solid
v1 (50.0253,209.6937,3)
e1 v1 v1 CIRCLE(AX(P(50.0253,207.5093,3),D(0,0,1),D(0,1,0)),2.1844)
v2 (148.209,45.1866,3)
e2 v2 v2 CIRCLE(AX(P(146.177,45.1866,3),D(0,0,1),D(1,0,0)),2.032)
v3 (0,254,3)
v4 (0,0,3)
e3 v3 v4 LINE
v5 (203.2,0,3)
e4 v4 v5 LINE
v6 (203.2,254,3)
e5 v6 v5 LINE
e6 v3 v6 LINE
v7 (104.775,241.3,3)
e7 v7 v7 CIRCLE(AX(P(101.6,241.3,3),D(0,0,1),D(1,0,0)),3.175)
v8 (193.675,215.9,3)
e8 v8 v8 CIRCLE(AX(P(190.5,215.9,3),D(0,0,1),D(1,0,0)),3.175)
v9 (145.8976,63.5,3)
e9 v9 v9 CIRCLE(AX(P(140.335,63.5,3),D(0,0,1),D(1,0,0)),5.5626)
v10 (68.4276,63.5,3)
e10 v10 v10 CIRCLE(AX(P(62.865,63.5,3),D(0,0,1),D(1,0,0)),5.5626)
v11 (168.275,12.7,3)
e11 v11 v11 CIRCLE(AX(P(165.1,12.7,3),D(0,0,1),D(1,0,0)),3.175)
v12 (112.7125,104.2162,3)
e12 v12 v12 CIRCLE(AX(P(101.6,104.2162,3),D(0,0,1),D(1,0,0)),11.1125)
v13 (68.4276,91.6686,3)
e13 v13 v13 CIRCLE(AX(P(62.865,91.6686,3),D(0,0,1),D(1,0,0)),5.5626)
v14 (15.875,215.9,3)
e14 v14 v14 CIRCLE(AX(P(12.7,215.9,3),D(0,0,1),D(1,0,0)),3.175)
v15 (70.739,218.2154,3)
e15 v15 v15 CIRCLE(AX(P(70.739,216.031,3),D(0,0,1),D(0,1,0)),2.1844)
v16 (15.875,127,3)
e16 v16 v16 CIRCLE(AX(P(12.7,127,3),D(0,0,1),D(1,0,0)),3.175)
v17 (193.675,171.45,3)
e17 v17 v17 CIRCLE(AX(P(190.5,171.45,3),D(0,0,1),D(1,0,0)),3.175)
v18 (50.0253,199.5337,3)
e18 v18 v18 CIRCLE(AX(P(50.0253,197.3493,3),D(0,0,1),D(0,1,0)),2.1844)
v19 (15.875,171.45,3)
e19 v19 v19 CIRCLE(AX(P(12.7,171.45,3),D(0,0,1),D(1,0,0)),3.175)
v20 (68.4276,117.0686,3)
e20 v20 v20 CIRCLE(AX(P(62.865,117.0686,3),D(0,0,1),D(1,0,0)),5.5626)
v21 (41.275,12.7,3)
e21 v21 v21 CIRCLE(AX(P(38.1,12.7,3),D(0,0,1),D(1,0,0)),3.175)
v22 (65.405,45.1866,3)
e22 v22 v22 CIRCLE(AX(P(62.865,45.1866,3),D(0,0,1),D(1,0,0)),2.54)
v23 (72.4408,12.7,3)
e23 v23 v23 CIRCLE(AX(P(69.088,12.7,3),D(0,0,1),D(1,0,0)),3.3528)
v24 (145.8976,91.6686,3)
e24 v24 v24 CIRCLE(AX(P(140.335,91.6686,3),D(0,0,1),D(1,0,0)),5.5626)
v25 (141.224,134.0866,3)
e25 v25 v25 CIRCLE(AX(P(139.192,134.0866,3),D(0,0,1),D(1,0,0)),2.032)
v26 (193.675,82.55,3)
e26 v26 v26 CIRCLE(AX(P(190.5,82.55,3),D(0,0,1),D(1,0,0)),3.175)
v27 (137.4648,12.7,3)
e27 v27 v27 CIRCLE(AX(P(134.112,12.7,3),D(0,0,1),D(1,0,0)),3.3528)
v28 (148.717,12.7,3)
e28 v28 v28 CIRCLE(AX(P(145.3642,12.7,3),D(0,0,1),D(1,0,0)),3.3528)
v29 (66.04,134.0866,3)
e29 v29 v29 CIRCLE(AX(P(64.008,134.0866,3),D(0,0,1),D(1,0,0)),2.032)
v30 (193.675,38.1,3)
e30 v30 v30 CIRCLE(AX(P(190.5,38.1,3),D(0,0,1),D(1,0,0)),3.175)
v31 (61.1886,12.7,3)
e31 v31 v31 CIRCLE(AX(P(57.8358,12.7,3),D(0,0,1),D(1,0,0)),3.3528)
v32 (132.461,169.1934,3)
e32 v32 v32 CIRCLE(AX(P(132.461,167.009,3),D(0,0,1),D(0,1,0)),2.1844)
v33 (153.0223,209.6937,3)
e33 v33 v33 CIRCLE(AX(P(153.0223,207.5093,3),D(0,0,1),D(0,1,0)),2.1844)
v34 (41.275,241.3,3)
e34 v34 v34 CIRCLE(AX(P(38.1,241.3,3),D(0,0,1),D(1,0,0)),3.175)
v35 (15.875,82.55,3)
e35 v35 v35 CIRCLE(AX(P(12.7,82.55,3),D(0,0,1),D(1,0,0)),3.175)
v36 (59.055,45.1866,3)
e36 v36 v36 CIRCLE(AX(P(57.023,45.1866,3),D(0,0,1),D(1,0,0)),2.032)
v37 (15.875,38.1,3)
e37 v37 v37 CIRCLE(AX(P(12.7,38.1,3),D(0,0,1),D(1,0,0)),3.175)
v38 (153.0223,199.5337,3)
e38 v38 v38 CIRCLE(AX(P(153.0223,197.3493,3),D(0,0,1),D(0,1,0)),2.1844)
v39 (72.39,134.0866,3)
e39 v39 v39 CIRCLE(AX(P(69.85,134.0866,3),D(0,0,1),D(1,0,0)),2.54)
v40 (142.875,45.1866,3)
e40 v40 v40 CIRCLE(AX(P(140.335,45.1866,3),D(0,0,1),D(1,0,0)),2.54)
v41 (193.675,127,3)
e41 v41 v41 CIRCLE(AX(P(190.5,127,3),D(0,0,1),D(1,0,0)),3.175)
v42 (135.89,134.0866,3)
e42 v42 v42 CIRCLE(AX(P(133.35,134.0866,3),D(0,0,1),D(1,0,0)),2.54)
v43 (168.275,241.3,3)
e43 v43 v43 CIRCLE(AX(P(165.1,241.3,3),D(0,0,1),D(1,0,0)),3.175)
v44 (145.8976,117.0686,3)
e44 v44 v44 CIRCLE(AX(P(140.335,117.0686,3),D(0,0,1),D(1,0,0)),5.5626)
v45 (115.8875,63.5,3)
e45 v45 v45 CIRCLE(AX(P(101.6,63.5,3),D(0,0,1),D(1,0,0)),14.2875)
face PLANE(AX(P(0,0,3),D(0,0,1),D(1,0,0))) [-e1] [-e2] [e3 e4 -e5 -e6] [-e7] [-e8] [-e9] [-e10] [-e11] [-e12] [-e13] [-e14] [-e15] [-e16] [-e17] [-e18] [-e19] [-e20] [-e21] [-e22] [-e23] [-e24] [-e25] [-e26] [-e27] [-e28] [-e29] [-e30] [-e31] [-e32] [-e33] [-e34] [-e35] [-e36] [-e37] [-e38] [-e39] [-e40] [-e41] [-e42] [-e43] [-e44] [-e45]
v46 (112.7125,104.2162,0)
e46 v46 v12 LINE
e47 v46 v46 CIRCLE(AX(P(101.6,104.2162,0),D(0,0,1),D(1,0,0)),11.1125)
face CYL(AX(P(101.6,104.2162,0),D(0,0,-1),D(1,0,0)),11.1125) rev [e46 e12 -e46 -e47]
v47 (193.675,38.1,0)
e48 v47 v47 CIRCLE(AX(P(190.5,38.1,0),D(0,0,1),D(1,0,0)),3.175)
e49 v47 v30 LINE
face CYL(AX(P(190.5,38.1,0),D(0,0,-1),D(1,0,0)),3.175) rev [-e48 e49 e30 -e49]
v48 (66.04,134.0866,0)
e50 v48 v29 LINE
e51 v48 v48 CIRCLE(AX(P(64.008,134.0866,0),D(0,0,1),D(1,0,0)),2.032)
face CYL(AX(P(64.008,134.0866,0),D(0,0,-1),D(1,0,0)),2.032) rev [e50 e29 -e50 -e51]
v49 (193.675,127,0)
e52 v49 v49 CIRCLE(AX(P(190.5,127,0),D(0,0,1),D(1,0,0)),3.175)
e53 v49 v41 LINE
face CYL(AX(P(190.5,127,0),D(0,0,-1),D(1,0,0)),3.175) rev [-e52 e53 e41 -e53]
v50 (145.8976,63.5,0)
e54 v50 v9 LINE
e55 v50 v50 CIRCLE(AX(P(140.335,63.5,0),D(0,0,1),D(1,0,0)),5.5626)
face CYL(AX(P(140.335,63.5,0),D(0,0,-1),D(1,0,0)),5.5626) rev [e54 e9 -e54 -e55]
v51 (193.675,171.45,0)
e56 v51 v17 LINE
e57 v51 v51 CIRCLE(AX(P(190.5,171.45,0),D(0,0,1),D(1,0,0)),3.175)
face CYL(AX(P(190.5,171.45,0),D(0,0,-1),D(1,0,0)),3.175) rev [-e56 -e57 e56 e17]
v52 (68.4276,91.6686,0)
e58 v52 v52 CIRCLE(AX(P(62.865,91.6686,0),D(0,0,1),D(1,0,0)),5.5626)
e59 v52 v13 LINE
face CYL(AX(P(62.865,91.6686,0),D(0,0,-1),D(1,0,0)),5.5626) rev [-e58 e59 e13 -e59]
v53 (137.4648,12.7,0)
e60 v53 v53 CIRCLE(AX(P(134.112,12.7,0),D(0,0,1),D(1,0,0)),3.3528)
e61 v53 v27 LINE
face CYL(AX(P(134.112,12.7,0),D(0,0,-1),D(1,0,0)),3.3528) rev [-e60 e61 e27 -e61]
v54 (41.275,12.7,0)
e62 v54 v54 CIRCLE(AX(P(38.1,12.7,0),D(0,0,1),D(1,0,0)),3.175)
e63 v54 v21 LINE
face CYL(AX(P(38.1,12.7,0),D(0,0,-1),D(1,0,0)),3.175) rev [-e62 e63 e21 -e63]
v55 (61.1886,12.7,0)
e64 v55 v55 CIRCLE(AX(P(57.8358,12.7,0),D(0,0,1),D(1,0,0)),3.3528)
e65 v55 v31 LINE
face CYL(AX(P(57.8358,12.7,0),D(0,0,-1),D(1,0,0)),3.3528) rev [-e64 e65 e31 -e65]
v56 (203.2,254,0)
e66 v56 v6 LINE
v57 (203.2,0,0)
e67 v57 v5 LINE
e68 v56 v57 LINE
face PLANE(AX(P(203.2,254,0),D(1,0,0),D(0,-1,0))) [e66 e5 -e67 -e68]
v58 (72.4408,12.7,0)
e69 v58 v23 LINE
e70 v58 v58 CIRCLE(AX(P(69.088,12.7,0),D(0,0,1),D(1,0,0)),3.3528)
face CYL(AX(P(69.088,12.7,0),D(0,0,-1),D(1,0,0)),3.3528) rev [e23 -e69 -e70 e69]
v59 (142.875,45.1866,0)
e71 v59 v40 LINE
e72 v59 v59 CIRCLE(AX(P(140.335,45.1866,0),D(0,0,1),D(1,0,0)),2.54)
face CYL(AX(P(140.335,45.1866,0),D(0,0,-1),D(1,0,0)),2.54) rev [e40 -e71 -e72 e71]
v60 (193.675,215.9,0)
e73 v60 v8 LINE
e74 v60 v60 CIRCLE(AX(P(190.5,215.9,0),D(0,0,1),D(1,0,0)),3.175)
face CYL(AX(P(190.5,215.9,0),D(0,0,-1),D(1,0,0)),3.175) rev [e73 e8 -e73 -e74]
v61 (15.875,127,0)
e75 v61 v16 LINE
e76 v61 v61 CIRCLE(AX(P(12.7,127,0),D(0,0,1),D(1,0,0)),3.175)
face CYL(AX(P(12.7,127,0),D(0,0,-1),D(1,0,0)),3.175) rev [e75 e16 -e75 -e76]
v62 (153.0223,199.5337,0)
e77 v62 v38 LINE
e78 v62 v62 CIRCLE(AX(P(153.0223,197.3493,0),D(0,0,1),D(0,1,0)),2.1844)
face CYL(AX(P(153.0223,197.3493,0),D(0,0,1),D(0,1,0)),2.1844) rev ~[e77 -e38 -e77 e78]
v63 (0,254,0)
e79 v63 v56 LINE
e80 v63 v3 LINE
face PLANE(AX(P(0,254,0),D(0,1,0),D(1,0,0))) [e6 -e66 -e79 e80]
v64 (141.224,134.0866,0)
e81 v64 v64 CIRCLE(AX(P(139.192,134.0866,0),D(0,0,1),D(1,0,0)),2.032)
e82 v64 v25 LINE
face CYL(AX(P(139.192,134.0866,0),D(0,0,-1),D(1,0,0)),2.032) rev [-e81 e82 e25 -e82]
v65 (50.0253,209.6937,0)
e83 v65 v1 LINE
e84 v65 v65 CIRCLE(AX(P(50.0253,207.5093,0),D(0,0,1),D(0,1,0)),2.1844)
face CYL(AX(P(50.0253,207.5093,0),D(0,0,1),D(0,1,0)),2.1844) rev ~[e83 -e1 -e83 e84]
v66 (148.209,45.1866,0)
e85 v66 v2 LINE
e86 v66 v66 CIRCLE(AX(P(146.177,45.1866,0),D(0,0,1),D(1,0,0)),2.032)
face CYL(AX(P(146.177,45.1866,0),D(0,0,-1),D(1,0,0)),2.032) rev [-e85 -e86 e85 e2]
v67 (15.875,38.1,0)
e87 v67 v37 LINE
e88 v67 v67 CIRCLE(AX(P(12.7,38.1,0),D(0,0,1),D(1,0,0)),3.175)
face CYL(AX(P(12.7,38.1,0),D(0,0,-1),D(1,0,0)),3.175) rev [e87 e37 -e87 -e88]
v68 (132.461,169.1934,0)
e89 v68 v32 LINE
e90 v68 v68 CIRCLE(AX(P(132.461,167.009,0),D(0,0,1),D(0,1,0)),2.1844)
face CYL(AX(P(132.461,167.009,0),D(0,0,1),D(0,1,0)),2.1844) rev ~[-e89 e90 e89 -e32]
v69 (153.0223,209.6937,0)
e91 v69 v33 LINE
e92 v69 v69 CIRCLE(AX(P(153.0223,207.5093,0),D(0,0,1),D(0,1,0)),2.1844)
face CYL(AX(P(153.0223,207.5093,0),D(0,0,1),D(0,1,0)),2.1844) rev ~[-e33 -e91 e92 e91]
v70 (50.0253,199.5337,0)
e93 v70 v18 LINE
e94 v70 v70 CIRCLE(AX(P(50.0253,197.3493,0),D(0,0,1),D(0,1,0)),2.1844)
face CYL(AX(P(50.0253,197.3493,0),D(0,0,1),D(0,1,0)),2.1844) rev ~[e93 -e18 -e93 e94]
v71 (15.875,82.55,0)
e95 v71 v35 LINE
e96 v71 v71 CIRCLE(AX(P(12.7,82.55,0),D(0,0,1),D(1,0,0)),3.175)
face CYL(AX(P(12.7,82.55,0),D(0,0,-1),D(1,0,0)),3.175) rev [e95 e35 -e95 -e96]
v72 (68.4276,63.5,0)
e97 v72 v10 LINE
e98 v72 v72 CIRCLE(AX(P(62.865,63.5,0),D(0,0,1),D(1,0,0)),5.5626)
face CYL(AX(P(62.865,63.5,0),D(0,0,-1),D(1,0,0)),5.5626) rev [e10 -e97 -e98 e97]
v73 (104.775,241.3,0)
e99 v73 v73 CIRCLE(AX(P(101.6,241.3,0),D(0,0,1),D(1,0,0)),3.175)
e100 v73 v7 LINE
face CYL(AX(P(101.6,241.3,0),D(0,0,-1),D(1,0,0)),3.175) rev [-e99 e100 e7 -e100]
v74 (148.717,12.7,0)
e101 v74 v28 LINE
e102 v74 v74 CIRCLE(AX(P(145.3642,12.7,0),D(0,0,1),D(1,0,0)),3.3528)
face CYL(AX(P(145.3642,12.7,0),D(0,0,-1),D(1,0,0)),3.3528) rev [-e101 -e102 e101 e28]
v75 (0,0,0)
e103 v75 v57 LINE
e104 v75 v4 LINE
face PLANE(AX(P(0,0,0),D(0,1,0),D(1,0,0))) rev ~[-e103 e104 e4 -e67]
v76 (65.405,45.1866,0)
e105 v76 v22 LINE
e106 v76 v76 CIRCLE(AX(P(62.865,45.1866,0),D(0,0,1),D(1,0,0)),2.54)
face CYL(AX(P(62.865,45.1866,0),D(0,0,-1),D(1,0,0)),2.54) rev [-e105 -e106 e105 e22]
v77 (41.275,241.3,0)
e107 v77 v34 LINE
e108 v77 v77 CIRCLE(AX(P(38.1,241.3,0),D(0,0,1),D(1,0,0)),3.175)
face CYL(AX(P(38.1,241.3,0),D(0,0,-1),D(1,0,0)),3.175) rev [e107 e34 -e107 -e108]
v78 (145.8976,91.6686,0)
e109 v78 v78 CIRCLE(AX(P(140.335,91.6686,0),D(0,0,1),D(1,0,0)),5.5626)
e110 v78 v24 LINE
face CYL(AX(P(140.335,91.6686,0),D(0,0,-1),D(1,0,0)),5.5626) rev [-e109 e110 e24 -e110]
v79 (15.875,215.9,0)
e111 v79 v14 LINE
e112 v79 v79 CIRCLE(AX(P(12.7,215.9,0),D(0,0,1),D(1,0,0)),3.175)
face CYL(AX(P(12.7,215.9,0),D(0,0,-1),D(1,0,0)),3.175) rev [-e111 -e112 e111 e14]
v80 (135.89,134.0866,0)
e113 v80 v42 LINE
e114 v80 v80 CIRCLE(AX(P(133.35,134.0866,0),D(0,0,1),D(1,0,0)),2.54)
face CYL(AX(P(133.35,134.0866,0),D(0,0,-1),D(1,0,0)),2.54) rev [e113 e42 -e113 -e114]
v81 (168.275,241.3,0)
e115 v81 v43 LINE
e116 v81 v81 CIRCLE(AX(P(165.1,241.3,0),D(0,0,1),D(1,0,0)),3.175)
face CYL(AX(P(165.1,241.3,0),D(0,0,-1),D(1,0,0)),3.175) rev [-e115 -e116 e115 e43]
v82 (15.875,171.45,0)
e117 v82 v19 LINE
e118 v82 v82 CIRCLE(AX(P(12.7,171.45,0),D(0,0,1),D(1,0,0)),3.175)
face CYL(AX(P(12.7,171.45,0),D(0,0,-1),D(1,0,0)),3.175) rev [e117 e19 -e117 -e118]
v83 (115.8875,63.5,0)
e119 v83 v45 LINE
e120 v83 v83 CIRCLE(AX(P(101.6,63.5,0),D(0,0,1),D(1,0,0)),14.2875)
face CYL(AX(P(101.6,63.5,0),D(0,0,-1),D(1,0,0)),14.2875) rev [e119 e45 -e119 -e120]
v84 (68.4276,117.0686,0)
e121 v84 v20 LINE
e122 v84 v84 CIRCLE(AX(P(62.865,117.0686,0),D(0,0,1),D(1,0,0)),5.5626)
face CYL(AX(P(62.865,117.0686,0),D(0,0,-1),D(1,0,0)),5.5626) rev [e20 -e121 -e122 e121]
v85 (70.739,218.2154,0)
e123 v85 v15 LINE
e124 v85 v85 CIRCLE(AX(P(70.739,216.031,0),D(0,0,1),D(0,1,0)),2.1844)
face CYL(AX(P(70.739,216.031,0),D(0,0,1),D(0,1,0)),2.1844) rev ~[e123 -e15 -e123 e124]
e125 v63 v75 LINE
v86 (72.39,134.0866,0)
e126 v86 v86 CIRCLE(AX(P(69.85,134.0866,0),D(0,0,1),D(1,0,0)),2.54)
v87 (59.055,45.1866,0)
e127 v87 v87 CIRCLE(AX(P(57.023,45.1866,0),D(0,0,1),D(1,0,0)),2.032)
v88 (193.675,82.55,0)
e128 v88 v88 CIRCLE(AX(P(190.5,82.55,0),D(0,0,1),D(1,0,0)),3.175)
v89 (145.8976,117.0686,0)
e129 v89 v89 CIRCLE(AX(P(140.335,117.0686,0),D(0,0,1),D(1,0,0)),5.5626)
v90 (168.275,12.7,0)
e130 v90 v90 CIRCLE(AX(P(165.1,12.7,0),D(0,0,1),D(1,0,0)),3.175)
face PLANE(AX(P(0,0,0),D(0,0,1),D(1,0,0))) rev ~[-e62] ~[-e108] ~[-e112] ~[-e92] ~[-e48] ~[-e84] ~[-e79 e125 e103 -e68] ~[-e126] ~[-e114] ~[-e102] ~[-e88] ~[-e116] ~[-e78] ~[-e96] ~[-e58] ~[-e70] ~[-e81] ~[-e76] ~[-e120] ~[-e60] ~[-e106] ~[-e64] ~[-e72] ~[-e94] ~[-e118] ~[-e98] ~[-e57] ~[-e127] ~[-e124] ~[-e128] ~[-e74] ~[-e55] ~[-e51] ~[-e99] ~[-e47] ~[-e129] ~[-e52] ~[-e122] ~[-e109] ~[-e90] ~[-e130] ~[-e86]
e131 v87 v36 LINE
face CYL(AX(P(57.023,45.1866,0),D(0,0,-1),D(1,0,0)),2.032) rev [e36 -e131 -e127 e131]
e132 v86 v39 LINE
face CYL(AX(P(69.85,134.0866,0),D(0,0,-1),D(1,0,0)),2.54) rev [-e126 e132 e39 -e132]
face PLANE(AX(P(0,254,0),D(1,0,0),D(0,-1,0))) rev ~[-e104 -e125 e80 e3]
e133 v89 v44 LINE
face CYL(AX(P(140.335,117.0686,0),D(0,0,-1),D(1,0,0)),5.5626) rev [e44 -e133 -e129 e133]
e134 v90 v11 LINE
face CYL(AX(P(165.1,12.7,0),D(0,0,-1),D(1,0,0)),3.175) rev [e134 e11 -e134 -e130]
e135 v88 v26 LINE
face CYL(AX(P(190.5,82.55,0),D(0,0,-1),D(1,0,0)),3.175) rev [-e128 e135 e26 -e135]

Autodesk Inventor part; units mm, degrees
ref_plane "YZ Plane" through (0, 0, 0) normal (1, 0, 0) x (0, 1, 0)
ref_plane "XZ Plane" through (0, 0, 0) normal (0, 1, 0) x (-1, 0, 0)
ref_plane "XY Plane" through (0, 0, 0) normal (0, 0, 1) x (1, 0, 0)
sketch "Sketch1" plane through (0, 0, 0) normal (0, 0, 1) x (1, 0, 0)
  line L0 (0, 0) -> (203.2, 0)
  line L1 (101.6, 152.4) -> (101.6, 0) construction
  circle A0 centre (57.8358, 12.7) radius 3.3528
  circle A1 centre (69.088, 12.7) radius 3.3528
  circle A2 centre (57.023, 45.1866) radius 2.032
  circle A3 centre (62.865, 45.1866) radius 2.54
  circle A4 centre (62.865, 63.5) radius 5.5626
  line L2 (62.865, 0) -> (62.865, 138.1252) construction
  circle A5 centre (62.865, 91.6686) radius 5.5626
  circle A6 centre (62.865, 117.0686) radius 5.5626
  circle A7 centre (69.85, 134.0866) radius 2.54
  circle A8 centre (64.008, 134.0866) radius 2.032
  circle A9 centre (101.6, 63.5) radius 14.2875
  circle A10 centre (101.6, 104.2162) radius 11.1125
  line L3 (0, 0) -> (0, 254) construction
  line L4 (203.2, 0) -> (203.2, 254) construction
  line L5 (0, 254) -> (203.2, 254) construction
  line L6 (120.9294, 254) -> (124.1044, 254) construction
  circle A11 centre (145.3642, 12.7) radius 3.3528
  circle A12 centre (134.112, 12.7) radius 3.3528
  circle A13 centre (146.177, 45.1866) radius 2.032
  circle A14 centre (140.335, 45.1866) radius 2.54
  circle A15 centre (140.335, 63.5) radius 5.5626
  line L7 (140.335, 0) -> (140.335, 138.1252) construction
  circle A16 centre (140.335, 91.6686) radius 5.5626
  circle A17 centre (140.335, 117.0686) radius 5.5626
  circle A18 centre (133.35, 134.0866) radius 2.54
  circle A19 centre (139.192, 134.0866) radius 2.032
  line L8 (0, 254) -> (0, 0)
  line L9 (0, 254) -> (203.2, 254)
  line L10 (203.2, 254) -> (203.2, 0)
  line L11 (57.8358, 12.7) -> (145.3642, 12.7) construction
  line L12 (57.023, 45.1866) -> (146.177, 45.1866) construction
  line L13 (38.1, 241.3) -> (165.1, 241.3) construction
  line L14 (165.1, 241.3) -> (165.1, 12.7) construction
  line L15 (165.1, 12.7) -> (38.1, 12.7) construction
  line L16 (38.1, 12.7) -> (38.1, 241.3) construction
  line L17 (12.7, 215.9) -> (190.5, 215.9) construction
  line L18 (190.5, 215.9) -> (190.5, 38.1) construction
  line L19 (190.5, 38.1) -> (12.7, 38.1) construction
  line L20 (12.7, 38.1) -> (12.7, 215.9) construction
  circle A20 centre (38.1, 241.3) radius 3.175
  circle A21 centre (165.1, 241.3) radius 3.175
  circle A22 centre (190.5, 215.9) radius 3.175
  circle A23 centre (12.7, 215.9) radius 3.175
  circle A24 centre (12.7, 38.1) radius 3.175
  circle A25 centre (38.1, 12.7) radius 3.175
  circle A26 centre (165.1, 12.7) radius 3.175
  circle A27 centre (190.5, 38.1) radius 3.175
  line L21 (0, 127) -> (203.2, 127) construction
  circle A28 centre (12.7, 127) radius 3.175
  circle A29 centre (190.5, 127) radius 3.175
  circle A30 centre (101.6, 241.3) radius 3.175
  circle A31 centre (12.7, 171.45) radius 3.175
  circle A32 centre (12.7, 82.55) radius 3.175
  circle A33 centre (190.5, 82.55) radius 3.175
  circle A34 centre (190.5, 171.45) radius 3.175
  circle A35 centre (88.9637, 217.6157) radius 2.1789 projected
  circle A36 centre (150.6857, 168.5937) radius 2.1789 projected
  point P0 (140.335, 69.0626)
  dimension "d115" = 254
  dimension "d116" = 203.2
  dimension "d130" = 77.47
  dimension "d131" = 38.735
  dimension "d133" = 31.75
  dimension "d134" = 37.592
  dimension "d135" = 38.735
  dimension "d138" = 38.735
  dimension "d149" = 12.7
  dimension "d150" = 5.08
  dimension "d151" = 4.064
  dimension "d152" = 11.1252
  dimension "d153" = 22.225
  dimension "d155" = 6.7056
  dimension "d183" = 79.0956
  dimension "d184" = 82.2706
  dimension "d185" = 101.6
  dimension "d189" = 12.7
  dimension "d190" = 38.1
  dimension "d191" = 38.1
  dimension "d192" = 12.7
  dimension "d193" = 38.1
  dimension "d194" = 12.7
  dimension "d195" = 12.7
  dimension "d196" = 38.1
  dimension "d197" = 6.35
  dimension "d198" = 6.35
  dimension "d199" = 6.35
  dimension "d200" = 6.35
  dimension "d201" = 6.35
  dimension "d202" = 6.35
  dimension "d203" = 6.35
  dimension "d204" = 6.35
  dimension "d205" = 6.35
  dimension "d206" = 6.35
  dimension "d207" = 6.35
  dimension "d213" = 6.35
  dimension "d216" = 6.35
  dimension "d218" = 6.35
  dimension "d220" = 6.35
  dimension "d225" = 177.8
  dimension "d226" = 44.45
  dimension "d227" = 44.45
  dimension "d228" = 44.45
  dimension "d229" = 44.45
  dimension "d230" = 44.45
  dimension "d231" = 44.45
  dimension "d241" = 63.5
  dimension "d242" = 40.7162
  dimension "d250" = 18.3134
  dimension "d251" = 25.4
  dimension "d252" = 17.018
  dimension "d256" = 63.5
extrude "Extrusion2" add sketch "Sketch1" along normal blind 3 contours L8 L9 L10 L0 | A35 | A36
hole "Hole4" at (132.461, 167.009, 0) at (70.739, 216.031, 0) at (153.0223, 207.5093, 0) at (153.0223, 197.3493, 0) at (50.0253, 207.5093, 0) at (50.0253, 197.3493, 0) direction (0, 0, 1) diameter 4.3688 depth 3 tip angle 118
equation "\"d191\" = d190"
equation "\"d192\" = d189"
equation "\"d193\" = d190"
equation "\"d194\" = d189"
equation "\"d195\" = d189"
equation "\"d196\" = d190"
equation "\"d226\" = 0.25 * d225"
equation "\"d228\" = 0.25 * d225"
equation "\"d229\" = d226"
equation "\"d230\" = d226"
properties part number "CustomAM-2230"
